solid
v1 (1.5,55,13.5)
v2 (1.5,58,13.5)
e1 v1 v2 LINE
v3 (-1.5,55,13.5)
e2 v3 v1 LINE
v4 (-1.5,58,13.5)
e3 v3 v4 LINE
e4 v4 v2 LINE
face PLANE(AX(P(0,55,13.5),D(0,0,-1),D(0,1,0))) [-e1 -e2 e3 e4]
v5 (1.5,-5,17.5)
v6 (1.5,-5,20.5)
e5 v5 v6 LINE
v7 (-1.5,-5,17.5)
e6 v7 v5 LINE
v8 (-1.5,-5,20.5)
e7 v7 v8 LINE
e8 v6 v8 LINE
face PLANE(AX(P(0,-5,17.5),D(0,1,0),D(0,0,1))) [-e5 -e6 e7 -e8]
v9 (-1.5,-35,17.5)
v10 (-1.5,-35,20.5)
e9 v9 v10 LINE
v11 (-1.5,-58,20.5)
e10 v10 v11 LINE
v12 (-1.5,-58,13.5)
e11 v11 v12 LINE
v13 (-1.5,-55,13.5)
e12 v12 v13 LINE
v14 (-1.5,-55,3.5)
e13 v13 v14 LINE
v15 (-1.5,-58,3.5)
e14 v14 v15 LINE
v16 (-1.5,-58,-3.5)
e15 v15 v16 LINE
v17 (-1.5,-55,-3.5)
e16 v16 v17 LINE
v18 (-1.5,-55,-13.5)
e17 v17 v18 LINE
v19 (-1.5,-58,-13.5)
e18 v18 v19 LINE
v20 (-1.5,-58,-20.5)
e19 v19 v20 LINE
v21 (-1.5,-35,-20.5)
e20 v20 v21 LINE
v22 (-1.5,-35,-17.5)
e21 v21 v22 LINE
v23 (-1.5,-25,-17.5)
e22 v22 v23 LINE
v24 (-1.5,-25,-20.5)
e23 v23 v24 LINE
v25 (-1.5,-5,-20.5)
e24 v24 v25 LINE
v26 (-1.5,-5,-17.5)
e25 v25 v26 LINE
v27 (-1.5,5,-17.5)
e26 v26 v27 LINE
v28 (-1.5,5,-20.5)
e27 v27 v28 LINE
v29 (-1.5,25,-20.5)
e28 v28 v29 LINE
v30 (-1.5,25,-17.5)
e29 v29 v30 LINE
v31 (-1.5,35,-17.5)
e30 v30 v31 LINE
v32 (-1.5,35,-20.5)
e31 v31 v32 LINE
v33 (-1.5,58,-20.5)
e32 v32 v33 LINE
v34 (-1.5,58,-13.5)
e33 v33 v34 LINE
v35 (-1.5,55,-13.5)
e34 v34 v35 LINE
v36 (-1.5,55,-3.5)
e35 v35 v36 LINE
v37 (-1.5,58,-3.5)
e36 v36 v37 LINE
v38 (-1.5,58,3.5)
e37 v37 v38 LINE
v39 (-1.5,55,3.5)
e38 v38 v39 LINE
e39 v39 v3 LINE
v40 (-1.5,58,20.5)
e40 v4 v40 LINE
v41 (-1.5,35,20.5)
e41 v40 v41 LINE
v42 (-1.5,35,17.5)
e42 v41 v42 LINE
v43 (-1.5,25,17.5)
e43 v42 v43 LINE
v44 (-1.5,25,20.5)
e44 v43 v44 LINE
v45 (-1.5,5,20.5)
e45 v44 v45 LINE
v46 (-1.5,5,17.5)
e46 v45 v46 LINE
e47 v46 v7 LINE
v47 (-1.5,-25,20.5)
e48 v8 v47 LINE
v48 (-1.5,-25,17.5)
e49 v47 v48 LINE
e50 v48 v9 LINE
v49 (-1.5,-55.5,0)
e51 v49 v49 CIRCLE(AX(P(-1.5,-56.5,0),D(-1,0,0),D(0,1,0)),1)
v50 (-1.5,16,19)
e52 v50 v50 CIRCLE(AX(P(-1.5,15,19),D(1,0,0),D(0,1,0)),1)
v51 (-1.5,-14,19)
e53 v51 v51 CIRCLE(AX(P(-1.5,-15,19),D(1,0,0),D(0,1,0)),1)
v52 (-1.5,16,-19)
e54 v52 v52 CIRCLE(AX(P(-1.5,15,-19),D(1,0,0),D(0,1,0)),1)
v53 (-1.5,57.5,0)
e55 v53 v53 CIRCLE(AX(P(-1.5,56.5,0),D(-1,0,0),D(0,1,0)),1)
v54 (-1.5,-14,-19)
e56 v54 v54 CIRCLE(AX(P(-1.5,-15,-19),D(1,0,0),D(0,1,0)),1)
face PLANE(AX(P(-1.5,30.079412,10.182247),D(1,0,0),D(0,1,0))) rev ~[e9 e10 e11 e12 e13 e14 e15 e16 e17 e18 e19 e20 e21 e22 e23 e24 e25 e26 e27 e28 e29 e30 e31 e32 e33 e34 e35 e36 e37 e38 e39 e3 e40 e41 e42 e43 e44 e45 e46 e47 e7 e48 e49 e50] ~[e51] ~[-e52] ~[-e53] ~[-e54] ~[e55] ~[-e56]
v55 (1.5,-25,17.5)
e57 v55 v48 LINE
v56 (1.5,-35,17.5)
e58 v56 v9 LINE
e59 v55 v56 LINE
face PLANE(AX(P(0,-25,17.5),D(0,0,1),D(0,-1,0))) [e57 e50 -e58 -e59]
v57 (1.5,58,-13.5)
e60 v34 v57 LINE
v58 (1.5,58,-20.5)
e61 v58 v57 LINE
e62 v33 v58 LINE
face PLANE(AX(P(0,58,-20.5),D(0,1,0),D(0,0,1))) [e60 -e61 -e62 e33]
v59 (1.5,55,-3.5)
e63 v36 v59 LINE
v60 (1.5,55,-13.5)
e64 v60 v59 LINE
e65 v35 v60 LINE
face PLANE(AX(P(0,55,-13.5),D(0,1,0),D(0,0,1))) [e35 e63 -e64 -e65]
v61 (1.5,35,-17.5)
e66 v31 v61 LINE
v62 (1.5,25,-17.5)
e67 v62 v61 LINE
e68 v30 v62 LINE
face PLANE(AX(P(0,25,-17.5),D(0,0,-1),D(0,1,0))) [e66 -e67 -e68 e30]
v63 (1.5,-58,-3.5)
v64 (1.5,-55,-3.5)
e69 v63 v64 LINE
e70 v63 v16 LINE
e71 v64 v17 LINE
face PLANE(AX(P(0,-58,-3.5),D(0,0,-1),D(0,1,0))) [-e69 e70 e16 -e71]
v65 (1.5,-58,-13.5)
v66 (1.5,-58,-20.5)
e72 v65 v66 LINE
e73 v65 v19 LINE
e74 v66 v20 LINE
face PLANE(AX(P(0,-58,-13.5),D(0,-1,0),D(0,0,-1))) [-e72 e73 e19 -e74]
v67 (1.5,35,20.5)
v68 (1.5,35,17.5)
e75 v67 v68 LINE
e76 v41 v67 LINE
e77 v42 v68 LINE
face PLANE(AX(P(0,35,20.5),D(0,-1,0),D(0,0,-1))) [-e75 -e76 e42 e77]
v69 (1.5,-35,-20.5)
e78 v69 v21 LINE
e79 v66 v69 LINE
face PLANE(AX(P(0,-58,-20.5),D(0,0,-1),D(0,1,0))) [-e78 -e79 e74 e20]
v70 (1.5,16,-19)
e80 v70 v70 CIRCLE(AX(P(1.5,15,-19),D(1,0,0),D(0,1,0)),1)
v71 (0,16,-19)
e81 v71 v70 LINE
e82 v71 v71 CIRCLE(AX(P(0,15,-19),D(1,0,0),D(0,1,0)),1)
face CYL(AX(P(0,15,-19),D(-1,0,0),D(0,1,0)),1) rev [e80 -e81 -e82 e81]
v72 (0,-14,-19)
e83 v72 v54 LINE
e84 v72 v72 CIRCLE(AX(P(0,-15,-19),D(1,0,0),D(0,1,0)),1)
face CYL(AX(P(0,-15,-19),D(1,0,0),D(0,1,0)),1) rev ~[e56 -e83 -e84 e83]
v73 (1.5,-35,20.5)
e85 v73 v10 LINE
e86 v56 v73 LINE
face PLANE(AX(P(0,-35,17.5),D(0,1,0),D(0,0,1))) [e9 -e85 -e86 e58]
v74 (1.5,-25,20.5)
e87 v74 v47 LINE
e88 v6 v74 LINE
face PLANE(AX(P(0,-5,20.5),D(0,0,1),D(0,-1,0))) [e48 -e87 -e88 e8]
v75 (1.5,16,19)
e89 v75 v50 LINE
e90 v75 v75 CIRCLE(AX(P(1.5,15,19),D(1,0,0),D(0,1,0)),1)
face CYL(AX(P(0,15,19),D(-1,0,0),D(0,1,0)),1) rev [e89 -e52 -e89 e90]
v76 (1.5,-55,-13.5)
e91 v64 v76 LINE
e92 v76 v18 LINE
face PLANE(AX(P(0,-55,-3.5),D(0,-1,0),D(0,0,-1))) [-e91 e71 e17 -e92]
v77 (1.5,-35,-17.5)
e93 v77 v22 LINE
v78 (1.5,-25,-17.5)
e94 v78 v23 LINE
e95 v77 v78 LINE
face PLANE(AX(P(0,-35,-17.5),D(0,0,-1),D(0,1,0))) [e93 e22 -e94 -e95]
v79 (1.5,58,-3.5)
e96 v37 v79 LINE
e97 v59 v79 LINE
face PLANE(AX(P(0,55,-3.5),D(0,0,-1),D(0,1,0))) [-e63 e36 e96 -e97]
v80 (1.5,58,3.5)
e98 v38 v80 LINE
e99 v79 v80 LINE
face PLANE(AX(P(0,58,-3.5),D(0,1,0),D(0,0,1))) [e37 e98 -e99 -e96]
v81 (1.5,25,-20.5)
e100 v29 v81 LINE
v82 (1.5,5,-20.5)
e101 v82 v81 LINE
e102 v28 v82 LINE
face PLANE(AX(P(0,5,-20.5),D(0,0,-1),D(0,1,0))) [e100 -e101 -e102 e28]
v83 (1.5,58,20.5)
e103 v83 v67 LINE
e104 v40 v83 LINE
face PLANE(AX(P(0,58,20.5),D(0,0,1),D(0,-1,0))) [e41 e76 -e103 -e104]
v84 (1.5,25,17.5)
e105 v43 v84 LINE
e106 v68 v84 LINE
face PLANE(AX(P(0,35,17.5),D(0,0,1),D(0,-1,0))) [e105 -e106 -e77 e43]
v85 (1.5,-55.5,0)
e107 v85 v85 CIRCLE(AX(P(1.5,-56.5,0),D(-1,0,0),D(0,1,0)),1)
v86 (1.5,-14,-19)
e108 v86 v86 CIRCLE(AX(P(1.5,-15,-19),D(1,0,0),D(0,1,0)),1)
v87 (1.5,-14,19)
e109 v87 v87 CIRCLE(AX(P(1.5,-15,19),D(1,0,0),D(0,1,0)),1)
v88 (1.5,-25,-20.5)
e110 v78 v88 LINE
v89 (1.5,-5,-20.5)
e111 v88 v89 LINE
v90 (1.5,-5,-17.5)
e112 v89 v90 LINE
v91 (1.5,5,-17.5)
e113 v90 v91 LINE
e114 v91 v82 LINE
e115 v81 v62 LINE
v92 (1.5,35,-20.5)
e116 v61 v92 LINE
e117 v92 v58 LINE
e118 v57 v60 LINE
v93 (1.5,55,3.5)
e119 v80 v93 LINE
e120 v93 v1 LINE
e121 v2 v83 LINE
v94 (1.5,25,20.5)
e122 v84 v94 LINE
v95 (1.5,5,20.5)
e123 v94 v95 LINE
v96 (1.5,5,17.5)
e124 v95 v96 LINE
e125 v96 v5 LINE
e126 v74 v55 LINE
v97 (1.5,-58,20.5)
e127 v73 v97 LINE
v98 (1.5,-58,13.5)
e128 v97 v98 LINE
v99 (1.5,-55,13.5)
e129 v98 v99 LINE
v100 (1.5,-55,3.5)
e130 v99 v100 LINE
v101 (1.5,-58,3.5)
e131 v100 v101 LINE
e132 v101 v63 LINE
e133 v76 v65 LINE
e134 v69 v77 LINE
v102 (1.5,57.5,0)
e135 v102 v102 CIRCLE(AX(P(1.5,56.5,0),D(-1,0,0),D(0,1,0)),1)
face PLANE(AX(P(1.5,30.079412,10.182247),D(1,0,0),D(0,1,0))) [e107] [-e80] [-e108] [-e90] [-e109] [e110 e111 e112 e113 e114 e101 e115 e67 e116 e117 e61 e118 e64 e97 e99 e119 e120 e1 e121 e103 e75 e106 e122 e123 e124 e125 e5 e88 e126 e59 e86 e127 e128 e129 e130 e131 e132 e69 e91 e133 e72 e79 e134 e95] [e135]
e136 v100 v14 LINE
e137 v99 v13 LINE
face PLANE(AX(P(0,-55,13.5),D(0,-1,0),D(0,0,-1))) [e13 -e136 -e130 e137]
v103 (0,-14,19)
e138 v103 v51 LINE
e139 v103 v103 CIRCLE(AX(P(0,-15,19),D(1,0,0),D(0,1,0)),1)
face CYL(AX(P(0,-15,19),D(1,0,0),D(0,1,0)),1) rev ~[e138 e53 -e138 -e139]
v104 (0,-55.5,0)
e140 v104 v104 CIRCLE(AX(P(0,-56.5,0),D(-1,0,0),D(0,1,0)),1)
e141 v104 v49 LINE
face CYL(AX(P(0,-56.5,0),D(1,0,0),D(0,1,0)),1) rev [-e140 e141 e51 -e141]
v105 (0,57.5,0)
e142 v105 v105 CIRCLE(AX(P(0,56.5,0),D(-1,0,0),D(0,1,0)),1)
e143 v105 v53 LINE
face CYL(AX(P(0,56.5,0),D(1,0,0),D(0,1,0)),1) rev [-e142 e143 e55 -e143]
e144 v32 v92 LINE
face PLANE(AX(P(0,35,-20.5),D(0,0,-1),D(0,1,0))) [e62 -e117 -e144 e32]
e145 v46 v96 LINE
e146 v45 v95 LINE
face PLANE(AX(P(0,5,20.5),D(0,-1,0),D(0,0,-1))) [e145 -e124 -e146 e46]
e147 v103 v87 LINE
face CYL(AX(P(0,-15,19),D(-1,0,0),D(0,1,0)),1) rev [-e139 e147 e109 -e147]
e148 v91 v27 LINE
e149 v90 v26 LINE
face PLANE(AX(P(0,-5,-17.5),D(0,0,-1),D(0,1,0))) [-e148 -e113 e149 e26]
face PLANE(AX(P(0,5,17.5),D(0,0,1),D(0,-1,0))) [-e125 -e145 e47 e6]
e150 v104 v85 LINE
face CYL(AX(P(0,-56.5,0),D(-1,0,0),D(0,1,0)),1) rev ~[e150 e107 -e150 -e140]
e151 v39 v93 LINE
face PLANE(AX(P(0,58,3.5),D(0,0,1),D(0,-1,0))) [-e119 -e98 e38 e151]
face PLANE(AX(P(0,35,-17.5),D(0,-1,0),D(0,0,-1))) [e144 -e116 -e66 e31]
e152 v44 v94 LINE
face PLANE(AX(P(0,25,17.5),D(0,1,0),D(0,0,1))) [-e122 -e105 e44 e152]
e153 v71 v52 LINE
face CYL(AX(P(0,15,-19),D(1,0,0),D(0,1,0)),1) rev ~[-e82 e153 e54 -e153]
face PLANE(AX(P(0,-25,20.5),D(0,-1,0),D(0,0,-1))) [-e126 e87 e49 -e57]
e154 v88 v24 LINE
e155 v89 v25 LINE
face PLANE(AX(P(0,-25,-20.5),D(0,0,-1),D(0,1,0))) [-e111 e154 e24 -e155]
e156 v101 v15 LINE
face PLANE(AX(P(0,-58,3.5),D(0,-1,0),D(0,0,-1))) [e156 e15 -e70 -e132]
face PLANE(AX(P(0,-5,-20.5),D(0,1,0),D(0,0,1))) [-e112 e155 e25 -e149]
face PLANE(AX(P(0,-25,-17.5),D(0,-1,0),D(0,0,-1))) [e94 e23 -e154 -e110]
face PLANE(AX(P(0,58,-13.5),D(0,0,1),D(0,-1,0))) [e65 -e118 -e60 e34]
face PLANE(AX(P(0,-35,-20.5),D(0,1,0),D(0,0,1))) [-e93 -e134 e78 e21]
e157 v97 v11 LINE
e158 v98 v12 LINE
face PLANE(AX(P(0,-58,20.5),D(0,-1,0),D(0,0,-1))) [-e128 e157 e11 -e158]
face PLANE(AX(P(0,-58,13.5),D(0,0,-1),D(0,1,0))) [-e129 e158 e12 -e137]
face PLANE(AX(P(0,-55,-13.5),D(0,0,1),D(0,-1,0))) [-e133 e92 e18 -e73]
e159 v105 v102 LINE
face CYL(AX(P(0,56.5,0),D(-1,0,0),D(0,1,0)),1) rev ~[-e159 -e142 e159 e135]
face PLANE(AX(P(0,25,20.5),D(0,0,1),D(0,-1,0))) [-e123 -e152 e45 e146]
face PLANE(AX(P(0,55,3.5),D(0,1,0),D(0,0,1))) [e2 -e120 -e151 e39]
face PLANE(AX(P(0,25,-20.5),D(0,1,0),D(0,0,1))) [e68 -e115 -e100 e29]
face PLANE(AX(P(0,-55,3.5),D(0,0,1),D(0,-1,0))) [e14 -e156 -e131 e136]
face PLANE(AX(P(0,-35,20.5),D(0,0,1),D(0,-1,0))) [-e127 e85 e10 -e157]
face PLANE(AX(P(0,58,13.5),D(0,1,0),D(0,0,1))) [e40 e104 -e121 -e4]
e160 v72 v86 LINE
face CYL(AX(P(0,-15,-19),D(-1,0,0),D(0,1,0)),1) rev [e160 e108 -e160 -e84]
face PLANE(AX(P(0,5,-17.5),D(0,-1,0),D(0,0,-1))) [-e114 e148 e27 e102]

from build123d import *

# Parameters (mm, degrees)
F0_R     = 1
F1_DEPTH = 1.5


with BuildPart() as f1:
    # F0 (on Right) → F1 (new body, symmetric)
    with BuildSketch(Plane.YZ):
        with BuildLine():
            ThreePointArc((55.5, 0), (56.5, 1), (57.5, 0))
            Line((57.5, 0), (58, 0))
            Line((58, 0), (58, 3.5))
            Line((58, 3.5), (55, 3.5))
            Line((55, 3.5), (55, 13.5))
            Line((55, 13.5), (58, 13.5))
            Line((58, 13.5), (58, 20.5))
            Line((58, 20.5), (35, 20.5))
            Line((35, 20.5), (35, 17.5))
            Line((35, 17.5), (25, 17.5))
            Line((25, 17.5), (25, 20.5))
            Line((25, 20.5), (5, 20.5))
            Line((5, 20.5), (5, 17.5))
            Line((5, 17.5), (0, 17.5))
            Line((0, 17.5), (0, 0))
            Line((0, 0), (55.5, 0))
        make_face()
        with Locations((15, 19)):
            Circle(F0_R, mode=Mode.SUBTRACT)
        with BuildLine():
            Line((58, 0), (57.5, 0))
            ThreePointArc((57.5, 0), (56.5, -1), (55.5, 0))
            Line((55.5, 0), (0, 0))
            Line((0, 0), (0, -17.5))
            Line((0, -17.5), (5, -17.5))
            Line((5, -17.5), (5, -20.5))
            Line((5, -20.5), (25, -20.5))
            Line((25, -20.5), (25, -17.5))
            Line((25, -17.5), (35, -17.5))
            Line((35, -17.5), (35, -20.5))
            Line((35, -20.5), (58, -20.5))
            Line((58, -20.5), (58, -13.5))
            Line((58, -13.5), (55, -13.5))
            Line((55, -13.5), (55, -3.5))
            Line((55, -3.5), (58, -3.5))
            Line((58, -3.5), (58, 0))
        make_face()
        with Locations((15, -19)):
            Circle(F0_R, mode=Mode.SUBTRACT)
        with BuildLine():
            Line((-55.5, 0), (0, 0))
            Line((0, 0), (0, 17.5))
            Line((0, 17.5), (-5, 17.5))
            Line((-5, 17.5), (-5, 20.5))
            Line((-5, 20.5), (-25, 20.5))
            Line((-25, 20.5), (-25, 17.5))
            Line((-25, 17.5), (-35, 17.5))
            Line((-35, 17.5), (-35, 20.5))
            Line((-35, 20.5), (-58, 20.5))
            Line((-58, 20.5), (-58, 13.5))
            Line((-58, 13.5), (-55, 13.5))
            Line((-55, 13.5), (-55, 3.5))
            Line((-55, 3.5), (-58, 3.5))
            Line((-58, 3.5), (-58, 0))
            Line((-58, 0), (-57.5, 0))
            ThreePointArc((-57.5, 0), (-56.5, 1), (-55.5, 0))
        make_face()
        with Locations((-15, 19)):
            Circle(F0_R, mode=Mode.SUBTRACT)
        with BuildLine():
            Line((0, -17.5), (0, 0))
            Line((0, 0), (-55.5, 0))
            ThreePointArc((-55.5, 0), (-56.5, -1), (-57.5, 0))
            Line((-57.5, 0), (-58, 0))
            Line((-58, 0), (-58, -3.5))
            Line((-58, -3.5), (-55, -3.5))
            Line((-55, -3.5), (-55, -13.5))
            Line((-55, -13.5), (-58, -13.5))
            Line((-58, -13.5), (-58, -20.5))
            Line((-58, -20.5), (-35, -20.5))
            Line((-35, -20.5), (-35, -17.5))
            Line((-35, -17.5), (-25, -17.5))
            Line((-25, -17.5), (-25, -20.5))
            Line((-25, -20.5), (-5, -20.5))
            Line((-5, -20.5), (-5, -17.5))
            Line((-5, -17.5), (0, -17.5))
        make_face()
        with Locations((-15, -19)):
            Circle(F0_R, mode=Mode.SUBTRACT)
    extrude(amount=F1_DEPTH, both=True)


solid = f1.part
